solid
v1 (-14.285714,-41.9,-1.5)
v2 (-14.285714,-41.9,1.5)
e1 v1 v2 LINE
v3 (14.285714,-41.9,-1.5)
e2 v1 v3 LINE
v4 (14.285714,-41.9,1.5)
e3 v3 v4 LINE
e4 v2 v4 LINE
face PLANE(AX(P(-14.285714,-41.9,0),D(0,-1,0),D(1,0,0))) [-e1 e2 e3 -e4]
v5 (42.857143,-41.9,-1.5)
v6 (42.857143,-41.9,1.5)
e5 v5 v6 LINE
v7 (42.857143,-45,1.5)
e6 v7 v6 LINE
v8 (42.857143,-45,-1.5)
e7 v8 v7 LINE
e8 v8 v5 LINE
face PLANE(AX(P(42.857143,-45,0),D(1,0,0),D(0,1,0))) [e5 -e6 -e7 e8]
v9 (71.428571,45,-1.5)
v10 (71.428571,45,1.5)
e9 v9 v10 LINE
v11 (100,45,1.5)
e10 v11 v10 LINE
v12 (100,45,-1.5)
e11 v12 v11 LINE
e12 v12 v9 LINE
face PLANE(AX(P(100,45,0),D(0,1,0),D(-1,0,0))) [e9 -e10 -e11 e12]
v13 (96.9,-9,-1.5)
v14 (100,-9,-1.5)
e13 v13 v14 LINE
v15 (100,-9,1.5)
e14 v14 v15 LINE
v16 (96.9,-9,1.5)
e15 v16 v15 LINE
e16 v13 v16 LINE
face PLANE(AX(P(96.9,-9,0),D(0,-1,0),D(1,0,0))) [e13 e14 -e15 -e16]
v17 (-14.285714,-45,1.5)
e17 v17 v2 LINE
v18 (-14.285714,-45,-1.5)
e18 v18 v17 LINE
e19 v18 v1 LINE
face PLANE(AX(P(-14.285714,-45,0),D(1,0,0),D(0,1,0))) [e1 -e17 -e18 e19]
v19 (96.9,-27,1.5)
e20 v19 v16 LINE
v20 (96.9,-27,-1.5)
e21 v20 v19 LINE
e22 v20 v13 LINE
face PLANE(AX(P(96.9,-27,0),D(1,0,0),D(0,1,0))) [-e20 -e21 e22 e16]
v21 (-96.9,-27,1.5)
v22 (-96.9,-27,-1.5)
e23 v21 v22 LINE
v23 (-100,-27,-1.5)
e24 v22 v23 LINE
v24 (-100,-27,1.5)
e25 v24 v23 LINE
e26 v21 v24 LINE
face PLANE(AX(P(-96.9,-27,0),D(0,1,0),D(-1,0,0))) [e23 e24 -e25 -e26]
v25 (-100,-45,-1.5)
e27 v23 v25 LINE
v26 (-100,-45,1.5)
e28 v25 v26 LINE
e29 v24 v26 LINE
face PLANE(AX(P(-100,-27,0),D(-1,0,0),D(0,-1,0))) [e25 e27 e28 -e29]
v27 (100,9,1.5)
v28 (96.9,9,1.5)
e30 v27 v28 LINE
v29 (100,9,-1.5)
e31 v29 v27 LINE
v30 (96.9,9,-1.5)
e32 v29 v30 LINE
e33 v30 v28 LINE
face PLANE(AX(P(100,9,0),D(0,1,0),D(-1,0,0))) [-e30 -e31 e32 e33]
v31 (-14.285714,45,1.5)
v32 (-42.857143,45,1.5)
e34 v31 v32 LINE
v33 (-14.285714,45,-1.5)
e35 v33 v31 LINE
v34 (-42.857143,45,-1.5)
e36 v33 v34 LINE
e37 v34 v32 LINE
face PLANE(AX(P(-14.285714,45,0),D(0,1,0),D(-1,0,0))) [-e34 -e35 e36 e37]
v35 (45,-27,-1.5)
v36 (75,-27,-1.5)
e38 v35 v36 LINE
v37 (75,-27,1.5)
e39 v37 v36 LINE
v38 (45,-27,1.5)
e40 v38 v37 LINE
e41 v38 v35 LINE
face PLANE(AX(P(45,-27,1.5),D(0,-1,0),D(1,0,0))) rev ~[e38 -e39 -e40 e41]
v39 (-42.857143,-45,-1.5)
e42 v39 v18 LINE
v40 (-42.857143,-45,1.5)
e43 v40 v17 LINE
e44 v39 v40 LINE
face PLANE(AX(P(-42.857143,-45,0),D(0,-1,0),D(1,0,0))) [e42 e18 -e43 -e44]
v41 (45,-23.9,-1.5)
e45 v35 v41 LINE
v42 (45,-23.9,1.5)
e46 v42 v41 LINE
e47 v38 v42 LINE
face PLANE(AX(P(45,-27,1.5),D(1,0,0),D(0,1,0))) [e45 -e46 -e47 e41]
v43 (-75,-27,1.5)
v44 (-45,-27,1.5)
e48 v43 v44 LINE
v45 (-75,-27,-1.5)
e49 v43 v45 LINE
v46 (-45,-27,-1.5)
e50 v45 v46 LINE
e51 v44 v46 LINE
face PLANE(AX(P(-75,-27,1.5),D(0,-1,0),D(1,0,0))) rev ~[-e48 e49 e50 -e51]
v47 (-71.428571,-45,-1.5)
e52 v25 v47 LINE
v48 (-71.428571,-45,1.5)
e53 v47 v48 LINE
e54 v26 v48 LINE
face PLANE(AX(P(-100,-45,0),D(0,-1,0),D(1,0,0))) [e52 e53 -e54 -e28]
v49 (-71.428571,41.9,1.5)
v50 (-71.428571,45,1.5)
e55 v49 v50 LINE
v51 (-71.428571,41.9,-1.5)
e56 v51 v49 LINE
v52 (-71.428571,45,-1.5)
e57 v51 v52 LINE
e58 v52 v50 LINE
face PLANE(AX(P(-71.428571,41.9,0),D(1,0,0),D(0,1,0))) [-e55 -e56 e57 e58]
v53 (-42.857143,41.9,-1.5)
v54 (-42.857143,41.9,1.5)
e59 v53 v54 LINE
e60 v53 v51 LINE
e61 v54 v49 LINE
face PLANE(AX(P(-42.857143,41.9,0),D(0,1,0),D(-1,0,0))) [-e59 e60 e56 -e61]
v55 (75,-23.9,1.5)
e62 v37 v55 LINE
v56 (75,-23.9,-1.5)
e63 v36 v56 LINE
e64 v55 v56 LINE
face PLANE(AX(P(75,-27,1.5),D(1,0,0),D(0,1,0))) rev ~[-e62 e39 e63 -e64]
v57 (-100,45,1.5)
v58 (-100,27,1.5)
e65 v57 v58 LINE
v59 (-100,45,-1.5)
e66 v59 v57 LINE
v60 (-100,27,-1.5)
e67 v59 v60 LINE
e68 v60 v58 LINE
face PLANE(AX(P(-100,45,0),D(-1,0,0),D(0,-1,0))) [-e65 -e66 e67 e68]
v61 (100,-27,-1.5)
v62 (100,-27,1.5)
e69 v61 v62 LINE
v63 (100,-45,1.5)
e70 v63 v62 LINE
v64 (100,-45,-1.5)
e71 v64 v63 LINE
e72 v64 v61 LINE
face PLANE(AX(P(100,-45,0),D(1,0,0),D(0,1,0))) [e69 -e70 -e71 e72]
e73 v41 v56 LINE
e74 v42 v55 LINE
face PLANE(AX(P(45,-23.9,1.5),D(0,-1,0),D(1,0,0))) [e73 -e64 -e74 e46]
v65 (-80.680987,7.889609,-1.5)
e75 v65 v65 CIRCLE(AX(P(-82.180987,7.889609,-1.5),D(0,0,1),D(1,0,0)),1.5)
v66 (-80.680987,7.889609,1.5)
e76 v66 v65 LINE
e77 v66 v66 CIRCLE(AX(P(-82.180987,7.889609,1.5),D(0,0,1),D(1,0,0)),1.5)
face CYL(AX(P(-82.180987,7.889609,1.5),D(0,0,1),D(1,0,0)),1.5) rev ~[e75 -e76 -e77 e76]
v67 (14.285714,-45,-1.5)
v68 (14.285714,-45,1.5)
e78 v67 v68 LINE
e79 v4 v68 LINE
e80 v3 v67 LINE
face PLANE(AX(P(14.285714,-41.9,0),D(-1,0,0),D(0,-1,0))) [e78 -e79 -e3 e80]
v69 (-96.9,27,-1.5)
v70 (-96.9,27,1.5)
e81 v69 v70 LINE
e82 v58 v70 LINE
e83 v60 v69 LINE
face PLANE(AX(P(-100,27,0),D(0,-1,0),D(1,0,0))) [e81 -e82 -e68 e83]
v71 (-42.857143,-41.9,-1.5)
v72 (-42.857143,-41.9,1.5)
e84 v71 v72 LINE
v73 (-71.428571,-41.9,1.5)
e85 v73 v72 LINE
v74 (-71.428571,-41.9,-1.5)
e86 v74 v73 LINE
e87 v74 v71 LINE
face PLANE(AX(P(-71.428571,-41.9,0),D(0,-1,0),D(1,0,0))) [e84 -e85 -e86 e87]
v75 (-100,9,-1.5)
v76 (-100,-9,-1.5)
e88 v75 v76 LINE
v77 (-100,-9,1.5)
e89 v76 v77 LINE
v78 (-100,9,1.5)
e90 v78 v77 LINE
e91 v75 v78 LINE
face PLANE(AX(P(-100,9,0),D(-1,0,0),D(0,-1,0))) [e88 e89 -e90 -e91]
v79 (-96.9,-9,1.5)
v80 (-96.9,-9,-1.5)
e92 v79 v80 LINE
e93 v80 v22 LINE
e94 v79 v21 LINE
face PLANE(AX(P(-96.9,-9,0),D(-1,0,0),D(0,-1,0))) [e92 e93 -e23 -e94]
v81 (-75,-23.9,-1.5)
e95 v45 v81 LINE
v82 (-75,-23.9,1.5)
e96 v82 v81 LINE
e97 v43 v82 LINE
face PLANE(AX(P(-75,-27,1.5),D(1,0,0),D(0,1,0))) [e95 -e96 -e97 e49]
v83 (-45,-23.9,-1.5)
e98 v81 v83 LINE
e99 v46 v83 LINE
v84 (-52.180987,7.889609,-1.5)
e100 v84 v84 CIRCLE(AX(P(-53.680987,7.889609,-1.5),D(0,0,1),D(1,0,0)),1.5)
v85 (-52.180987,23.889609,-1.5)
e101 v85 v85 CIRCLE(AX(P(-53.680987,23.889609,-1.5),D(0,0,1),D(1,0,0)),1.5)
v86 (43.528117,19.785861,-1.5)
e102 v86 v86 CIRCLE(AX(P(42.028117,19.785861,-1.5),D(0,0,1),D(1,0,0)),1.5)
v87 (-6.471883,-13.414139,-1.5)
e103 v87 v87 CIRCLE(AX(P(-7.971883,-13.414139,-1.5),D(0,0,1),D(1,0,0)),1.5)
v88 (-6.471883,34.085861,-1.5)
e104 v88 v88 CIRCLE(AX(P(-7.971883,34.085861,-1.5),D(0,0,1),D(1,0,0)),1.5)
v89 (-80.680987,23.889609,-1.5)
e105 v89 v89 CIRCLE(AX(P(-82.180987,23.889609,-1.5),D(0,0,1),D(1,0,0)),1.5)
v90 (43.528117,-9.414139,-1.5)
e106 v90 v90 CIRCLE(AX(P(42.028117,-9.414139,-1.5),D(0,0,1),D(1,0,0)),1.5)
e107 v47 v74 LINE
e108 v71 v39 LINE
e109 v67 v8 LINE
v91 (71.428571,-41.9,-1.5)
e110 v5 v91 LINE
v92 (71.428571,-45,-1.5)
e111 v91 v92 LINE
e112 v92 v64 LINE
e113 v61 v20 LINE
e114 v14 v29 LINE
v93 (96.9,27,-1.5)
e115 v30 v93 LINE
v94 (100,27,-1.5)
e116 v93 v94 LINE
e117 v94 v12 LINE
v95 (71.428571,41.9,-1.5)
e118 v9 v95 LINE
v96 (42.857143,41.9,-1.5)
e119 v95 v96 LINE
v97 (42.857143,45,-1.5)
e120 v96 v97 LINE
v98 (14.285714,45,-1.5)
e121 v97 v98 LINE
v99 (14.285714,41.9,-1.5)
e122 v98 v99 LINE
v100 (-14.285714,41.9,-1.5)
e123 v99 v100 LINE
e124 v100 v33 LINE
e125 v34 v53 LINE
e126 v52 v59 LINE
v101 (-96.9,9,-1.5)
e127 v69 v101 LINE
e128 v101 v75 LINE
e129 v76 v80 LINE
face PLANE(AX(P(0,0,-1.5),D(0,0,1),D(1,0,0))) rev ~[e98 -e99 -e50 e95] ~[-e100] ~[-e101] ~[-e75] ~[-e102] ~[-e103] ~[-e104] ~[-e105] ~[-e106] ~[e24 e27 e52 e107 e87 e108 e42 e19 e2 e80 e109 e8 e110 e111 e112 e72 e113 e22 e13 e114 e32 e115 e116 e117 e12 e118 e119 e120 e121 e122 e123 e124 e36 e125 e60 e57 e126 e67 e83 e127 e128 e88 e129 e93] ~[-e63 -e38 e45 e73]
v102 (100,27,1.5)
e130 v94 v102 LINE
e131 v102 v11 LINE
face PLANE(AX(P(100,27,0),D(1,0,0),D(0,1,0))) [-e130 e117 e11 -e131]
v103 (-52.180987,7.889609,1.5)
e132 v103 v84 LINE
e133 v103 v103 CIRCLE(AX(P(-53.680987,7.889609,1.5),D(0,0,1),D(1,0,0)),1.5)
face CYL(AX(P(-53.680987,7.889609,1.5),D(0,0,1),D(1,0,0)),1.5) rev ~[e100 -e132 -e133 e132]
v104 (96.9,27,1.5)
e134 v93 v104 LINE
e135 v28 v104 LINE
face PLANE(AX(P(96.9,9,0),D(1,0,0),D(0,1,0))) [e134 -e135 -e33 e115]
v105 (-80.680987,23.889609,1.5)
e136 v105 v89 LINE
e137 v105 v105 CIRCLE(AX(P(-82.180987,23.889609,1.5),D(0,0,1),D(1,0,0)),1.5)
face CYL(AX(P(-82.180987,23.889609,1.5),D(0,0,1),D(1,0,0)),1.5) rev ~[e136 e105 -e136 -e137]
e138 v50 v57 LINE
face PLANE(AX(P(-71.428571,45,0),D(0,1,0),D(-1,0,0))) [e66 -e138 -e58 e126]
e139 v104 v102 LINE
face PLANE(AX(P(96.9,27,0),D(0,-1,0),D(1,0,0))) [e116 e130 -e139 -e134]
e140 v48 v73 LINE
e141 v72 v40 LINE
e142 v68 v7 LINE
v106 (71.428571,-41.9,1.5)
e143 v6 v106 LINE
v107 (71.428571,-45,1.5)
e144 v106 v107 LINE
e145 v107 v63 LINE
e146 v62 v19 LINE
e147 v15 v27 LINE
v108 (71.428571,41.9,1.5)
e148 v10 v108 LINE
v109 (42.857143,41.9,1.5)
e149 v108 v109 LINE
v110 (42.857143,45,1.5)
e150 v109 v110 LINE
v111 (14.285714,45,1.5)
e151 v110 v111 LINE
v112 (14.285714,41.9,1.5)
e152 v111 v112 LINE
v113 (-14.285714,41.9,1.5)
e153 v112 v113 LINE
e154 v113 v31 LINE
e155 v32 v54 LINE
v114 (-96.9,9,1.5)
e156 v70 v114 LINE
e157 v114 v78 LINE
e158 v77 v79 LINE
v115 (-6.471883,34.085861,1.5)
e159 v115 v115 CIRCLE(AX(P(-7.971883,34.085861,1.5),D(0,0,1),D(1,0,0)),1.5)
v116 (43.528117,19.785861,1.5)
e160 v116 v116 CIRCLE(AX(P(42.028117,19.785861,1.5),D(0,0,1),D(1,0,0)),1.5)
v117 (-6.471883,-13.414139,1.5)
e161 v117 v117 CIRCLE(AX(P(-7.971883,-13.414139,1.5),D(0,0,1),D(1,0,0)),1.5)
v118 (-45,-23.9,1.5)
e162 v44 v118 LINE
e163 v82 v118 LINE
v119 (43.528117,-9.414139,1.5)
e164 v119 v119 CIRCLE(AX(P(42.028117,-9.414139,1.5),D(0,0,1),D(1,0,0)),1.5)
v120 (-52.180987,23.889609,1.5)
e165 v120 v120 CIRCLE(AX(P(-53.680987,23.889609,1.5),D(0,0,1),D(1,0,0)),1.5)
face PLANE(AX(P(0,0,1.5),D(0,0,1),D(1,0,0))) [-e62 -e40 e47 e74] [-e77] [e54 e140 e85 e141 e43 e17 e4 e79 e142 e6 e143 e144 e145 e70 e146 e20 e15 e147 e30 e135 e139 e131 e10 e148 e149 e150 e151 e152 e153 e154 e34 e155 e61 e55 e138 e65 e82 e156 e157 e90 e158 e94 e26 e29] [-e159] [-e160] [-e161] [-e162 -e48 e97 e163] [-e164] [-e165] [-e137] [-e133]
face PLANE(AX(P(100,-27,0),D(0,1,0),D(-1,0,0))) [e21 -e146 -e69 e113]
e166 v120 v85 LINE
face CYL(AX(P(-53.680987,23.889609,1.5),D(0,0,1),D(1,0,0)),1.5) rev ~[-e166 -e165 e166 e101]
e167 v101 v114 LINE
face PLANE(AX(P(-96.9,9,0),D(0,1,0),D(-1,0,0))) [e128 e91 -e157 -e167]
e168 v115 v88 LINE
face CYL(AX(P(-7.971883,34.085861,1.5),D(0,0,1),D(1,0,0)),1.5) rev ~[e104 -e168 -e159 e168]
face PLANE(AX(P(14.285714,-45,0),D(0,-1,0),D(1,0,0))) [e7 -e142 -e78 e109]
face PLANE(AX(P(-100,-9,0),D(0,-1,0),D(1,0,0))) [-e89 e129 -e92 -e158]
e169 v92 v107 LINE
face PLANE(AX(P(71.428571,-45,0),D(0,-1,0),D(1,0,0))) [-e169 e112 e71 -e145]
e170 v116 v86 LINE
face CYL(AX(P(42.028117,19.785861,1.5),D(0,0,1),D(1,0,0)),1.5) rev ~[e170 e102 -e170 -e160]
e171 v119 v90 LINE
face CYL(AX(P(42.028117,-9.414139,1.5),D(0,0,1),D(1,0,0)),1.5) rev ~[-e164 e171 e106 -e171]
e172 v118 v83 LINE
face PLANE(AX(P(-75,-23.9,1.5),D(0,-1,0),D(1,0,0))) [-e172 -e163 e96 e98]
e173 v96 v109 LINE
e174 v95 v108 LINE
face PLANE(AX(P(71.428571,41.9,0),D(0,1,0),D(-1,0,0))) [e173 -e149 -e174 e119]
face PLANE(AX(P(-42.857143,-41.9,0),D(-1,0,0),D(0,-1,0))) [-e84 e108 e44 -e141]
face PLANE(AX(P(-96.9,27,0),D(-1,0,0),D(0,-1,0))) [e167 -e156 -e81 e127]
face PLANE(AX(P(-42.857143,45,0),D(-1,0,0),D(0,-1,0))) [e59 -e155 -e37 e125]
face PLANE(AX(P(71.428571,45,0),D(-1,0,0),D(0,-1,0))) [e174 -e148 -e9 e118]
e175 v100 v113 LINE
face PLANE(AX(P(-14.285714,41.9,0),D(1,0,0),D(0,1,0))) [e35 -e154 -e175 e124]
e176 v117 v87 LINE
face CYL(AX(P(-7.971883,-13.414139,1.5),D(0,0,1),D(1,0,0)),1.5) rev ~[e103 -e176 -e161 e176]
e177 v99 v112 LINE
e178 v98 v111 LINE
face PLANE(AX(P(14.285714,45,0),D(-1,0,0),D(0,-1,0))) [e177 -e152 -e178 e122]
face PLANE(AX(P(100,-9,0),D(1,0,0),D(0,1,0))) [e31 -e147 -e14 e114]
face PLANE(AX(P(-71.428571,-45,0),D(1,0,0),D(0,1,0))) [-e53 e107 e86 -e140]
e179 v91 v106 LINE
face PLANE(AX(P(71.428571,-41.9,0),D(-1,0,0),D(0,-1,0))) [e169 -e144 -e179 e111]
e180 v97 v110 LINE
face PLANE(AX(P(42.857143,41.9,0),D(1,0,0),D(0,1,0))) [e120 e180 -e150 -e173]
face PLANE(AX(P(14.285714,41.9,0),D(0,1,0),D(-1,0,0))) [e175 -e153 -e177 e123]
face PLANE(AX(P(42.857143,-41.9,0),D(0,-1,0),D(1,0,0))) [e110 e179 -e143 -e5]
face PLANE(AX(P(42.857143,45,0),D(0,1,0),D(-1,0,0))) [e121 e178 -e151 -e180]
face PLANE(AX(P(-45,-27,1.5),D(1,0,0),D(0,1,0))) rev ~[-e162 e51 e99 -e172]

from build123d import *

# Parameters (mm, degrees)
SALIENTE_EXTRUIR1_DEPTH = 1.5
CROQUIS2_W              = 30
CROQUIS2_H              = 3.1
CORTAR_EXTRUIR1_DEPTH   = 10
CROQUIS3_R              = 1.5
CORTAR_EXTRUIR2_DEPTH   = 3
CROQUIS6_R              = 1.5
CORTAR_EXTRUIR3_DEPTH   = 3
CROQUIS8_R              = 1.5
CORTAR_EXTRUIR4_DEPTH   = 3


with BuildPart() as part:
    # Croquis1 → Saliente-Extruir1 (new, symmetric)
    with BuildSketch(Plane.XY):
        Polygon((-100, -27), (-100, -45), (-71.428571429, -45), (-71.428571429, -41.9), (-42.857142857, -41.9), (-42.857142857, -45), (-14.285714286, -45), (-14.285714286, -41.9), (14.285714286, -41.9), (14.285714286, -45), (42.857142857, -45), (42.857142857, -41.9), (71.428571429, -41.9), (71.428571429, -45), (100, -45), (100, -27), (96.9, -27), (96.9, -9), (100, -9), (100, 9), (96.9, 9), (96.9, 27), (100, 27), (100, 45), (71.428571429, 45), (71.428571429, 41.9), (42.857142857, 41.9), (42.857142857, 45), (14.285714286, 45), (14.285714286, 41.9), (-14.285714286, 41.9), (-14.285714286, 45), (-42.857142857, 45), (-42.857142857, 41.9), (-71.428571429, 41.9), (-71.428571429, 45), (-100, 45), (-100, 27), (-96.9, 27), (-96.9, 9), (-100, 9), (-100, -9), (-96.9, -9), (-96.9, -27), align=None)
    extrude(amount=SALIENTE_EXTRUIR1_DEPTH, both=True)

    # Croquis2 → Cortar-Extruir1 (cut)
    with BuildSketch(Plane.XY.offset(1.5)):
        with Locations((-60, -25.45)):
            Rectangle(CROQUIS2_W, CROQUIS2_H)
        with Locations((60, -25.45)):
            Rectangle(CROQUIS2_W, CROQUIS2_H)
    extrude(amount=-CORTAR_EXTRUIR1_DEPTH, mode=Mode.SUBTRACT)

    # Croquis3 → Cortar-Extruir2 (cut)
    with BuildSketch(Plane.XY.offset(1.5)):
        with Locations((-82.180986704, 23.889608573)):
            Circle(CROQUIS3_R)
        with Locations((-53.680986704, 23.889608573)):
            Circle(CROQUIS3_R)
        with Locations((-53.680986704, 7.889608573)):
            Circle(CROQUIS3_R)
        with Locations((-82.180986704, 7.889608573)):
            Circle(CROQUIS3_R)
    extrude(amount=-CORTAR_EXTRUIR2_DEPTH, mode=Mode.SUBTRACT)

    # Croquis6 → Cortar-Extruir3 (cut)
    with BuildSketch(Plane.XY.offset(1.5)):
        with Locations((-7.971882846, 34.085861189)):
            Circle(CROQUIS6_R)
        with Locations((-7.971882846, -13.414138811)):
            Circle(CROQUIS6_R)
    extrude(amount=-CORTAR_EXTRUIR3_DEPTH, mode=Mode.SUBTRACT)

    # Croquis8 → Cortar-Extruir4 (cut)
    with BuildSketch(Plane.XY.offset(1.5)):
        with Locations((42.028117154, 19.785861189)):
            Circle(CROQUIS8_R)
        with Locations((42.028117154, -9.414138811)):
            Circle(CROQUIS8_R)
    extrude(amount=-CORTAR_EXTRUIR4_DEPTH, mode=Mode.SUBTRACT)


solid = part.part
